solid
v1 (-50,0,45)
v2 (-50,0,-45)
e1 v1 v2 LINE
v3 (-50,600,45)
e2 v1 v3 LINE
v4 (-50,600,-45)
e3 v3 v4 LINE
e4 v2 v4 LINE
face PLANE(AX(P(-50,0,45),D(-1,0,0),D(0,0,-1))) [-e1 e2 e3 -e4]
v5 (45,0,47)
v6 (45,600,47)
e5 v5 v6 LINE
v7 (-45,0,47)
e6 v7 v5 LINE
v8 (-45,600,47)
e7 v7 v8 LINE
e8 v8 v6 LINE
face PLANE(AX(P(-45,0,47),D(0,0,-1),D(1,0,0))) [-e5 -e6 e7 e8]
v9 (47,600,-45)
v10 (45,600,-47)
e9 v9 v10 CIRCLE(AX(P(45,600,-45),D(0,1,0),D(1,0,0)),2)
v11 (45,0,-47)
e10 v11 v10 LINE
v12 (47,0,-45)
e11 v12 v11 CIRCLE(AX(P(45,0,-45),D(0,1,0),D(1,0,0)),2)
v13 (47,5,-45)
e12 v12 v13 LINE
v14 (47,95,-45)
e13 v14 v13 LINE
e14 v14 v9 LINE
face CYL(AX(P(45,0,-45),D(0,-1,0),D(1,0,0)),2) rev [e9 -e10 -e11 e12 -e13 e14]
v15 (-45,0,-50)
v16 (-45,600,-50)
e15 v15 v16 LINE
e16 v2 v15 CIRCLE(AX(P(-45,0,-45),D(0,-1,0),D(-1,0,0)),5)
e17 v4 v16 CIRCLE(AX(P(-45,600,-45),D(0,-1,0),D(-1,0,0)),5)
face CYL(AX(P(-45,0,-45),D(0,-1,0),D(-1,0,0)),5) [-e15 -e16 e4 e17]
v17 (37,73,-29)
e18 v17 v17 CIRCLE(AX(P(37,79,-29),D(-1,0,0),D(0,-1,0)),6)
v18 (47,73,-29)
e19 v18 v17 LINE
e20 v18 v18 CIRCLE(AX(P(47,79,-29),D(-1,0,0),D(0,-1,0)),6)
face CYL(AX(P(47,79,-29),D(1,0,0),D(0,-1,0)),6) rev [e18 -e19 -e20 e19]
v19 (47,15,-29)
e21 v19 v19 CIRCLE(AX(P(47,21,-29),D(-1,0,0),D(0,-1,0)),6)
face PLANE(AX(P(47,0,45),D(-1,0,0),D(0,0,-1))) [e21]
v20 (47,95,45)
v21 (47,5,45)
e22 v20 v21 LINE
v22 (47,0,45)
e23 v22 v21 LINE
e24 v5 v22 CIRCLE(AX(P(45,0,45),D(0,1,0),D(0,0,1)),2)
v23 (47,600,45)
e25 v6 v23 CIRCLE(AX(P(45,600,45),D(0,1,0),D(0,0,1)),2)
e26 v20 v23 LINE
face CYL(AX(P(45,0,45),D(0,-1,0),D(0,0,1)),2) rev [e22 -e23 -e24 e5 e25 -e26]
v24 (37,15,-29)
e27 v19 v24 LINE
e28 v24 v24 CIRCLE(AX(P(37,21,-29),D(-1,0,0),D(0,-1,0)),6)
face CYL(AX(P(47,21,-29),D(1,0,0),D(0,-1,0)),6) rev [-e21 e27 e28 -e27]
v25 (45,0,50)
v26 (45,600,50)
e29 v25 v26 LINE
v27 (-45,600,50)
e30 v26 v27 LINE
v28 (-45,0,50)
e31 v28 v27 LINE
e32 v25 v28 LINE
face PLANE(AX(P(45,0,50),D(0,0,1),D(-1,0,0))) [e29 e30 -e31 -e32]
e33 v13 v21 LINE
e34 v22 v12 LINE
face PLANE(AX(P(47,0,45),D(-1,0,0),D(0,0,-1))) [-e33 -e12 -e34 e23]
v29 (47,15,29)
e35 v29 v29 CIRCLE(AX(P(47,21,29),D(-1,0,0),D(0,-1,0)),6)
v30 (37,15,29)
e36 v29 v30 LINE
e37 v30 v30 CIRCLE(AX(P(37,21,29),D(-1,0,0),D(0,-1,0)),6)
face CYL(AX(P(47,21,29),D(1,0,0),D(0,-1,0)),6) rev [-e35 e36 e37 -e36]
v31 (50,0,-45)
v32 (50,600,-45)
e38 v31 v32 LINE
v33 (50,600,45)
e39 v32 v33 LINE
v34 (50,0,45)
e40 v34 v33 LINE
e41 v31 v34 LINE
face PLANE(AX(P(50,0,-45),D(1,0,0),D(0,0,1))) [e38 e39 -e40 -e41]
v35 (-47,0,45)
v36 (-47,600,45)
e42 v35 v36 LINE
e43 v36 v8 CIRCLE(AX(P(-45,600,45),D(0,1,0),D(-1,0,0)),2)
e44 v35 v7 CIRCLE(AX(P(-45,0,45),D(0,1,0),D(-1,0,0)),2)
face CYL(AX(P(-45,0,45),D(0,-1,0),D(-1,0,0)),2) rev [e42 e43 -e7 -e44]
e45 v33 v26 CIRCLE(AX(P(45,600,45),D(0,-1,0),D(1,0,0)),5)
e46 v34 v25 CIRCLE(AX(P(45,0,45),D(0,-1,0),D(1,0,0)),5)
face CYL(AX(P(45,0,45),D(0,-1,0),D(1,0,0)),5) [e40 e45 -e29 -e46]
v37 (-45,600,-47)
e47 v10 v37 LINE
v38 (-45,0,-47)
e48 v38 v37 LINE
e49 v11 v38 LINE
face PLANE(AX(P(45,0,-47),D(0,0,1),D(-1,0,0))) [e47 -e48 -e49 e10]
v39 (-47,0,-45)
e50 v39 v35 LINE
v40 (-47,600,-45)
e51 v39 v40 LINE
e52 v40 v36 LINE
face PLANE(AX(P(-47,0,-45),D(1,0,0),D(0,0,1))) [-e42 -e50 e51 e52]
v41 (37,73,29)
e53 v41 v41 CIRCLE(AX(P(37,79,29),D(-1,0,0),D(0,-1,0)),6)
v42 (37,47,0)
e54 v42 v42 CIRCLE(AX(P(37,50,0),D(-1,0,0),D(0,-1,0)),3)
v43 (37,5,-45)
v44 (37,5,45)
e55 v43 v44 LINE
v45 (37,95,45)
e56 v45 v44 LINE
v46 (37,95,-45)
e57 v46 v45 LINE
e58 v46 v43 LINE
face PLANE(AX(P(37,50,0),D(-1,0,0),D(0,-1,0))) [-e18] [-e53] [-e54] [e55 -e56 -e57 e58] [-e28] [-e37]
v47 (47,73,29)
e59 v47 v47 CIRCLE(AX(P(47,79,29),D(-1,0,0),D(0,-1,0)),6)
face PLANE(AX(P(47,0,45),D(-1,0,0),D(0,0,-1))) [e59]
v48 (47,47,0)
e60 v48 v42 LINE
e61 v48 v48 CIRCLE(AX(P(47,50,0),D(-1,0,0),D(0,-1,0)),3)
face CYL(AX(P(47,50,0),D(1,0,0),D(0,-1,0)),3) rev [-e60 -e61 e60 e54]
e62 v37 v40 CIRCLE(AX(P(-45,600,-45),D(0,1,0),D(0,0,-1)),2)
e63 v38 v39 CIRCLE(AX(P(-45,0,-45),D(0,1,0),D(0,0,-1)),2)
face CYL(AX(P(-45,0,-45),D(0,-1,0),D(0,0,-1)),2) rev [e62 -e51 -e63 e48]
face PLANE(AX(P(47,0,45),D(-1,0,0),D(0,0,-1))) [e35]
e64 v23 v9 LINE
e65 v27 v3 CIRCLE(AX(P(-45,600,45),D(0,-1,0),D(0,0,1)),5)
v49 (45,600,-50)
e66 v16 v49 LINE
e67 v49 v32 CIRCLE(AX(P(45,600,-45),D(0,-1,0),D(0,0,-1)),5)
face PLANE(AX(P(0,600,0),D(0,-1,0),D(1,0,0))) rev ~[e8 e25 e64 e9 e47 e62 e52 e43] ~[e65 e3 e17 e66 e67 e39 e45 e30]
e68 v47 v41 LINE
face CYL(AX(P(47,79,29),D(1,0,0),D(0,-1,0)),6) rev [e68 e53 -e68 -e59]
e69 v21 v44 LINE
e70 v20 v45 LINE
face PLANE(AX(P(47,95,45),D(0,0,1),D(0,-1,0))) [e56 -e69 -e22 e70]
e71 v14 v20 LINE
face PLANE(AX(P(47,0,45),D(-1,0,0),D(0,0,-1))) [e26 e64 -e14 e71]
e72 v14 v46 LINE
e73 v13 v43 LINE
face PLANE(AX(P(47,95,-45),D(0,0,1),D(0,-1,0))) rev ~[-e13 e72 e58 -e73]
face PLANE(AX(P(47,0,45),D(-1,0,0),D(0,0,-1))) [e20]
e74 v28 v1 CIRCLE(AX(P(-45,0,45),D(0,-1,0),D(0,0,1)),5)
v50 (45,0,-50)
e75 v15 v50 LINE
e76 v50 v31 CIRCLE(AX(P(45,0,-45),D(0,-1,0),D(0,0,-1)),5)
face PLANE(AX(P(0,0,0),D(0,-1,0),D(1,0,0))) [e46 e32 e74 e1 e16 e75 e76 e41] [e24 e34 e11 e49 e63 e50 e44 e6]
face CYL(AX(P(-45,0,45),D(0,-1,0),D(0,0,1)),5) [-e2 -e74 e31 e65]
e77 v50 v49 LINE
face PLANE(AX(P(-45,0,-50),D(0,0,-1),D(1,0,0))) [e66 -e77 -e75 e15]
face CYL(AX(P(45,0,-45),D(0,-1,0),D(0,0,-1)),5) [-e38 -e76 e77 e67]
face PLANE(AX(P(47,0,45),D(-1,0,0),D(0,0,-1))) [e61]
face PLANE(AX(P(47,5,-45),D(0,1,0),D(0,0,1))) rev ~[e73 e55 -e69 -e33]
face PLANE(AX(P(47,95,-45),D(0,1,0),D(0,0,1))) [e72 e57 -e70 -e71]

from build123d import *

# Parameters (mm, degrees)
F1_DEPTH = 600
F2_W     = 90
F2_H     = 90
F2_R     = 6
F2_R_2   = 3
F3_DEPTH = 10


with BuildPart() as f1:
    # F0 (on Front) → F1 (new body)
    with BuildSketch(Plane.XZ):
        with BuildLine():
            ThreePointArc((50, 45), (48.5355339059, 48.5355339059), (45, 50))
            Line((45, 50), (-45, 50))
            ThreePointArc((-45, 50), (-48.5355339059, 48.5355339059), (-50, 45))
            Line((-50, 45), (-50, -45))
            ThreePointArc((-50, -45), (-48.5355339059, -48.5355339059), (-45, -50))
            Line((-45, -50), (45, -50))
            ThreePointArc((45, -50), (48.5355339059, -48.5355339059), (50, -45))
            Line((50, -45), (50, 45))
        make_face()
        with BuildLine():
            ThreePointArc((-47, 45), (-46.4142135624, 46.4142135624), (-45, 47))
            Line((-45, 47), (45, 47))
            ThreePointArc((45, 47), (46.4142135624, 46.4142135624), (47, 45))
            Line((47, 45), (47, -45))
            ThreePointArc((47, -45), (46.4142135624, -46.4142135624), (45, -47))
            Line((45, -47), (-45, -47))
            ThreePointArc((-45, -47), (-46.4142135624, -46.4142135624), (-47, -45))
            Line((-47, -45), (-47, 45))
        make_face(mode=Mode.SUBTRACT)
    extrude(amount=-F1_DEPTH)

    # F2 (on face) → F3 (join)
    with BuildSketch(Plane(origin=(47, 0, 0), x_dir=(0, -1, 0), z_dir=(-1, 0, 0))):
        with Locations((-50, 0)):
            Rectangle(F2_W, F2_H)
        with Locations((-79, -29)):
            Circle(F2_R, mode=Mode.SUBTRACT)
        with Locations((-21, -29)):
            Circle(F2_R, mode=Mode.SUBTRACT)
        with Locations((-79, 29)):
            Circle(F2_R, mode=Mode.SUBTRACT)
        with Locations((-50, 0)):
            Circle(F2_R_2, mode=Mode.SUBTRACT)
        with Locations((-21, 29)):
            Circle(F2_R, mode=Mode.SUBTRACT)
    extrude(amount=F3_DEPTH)


solid = f1.part
